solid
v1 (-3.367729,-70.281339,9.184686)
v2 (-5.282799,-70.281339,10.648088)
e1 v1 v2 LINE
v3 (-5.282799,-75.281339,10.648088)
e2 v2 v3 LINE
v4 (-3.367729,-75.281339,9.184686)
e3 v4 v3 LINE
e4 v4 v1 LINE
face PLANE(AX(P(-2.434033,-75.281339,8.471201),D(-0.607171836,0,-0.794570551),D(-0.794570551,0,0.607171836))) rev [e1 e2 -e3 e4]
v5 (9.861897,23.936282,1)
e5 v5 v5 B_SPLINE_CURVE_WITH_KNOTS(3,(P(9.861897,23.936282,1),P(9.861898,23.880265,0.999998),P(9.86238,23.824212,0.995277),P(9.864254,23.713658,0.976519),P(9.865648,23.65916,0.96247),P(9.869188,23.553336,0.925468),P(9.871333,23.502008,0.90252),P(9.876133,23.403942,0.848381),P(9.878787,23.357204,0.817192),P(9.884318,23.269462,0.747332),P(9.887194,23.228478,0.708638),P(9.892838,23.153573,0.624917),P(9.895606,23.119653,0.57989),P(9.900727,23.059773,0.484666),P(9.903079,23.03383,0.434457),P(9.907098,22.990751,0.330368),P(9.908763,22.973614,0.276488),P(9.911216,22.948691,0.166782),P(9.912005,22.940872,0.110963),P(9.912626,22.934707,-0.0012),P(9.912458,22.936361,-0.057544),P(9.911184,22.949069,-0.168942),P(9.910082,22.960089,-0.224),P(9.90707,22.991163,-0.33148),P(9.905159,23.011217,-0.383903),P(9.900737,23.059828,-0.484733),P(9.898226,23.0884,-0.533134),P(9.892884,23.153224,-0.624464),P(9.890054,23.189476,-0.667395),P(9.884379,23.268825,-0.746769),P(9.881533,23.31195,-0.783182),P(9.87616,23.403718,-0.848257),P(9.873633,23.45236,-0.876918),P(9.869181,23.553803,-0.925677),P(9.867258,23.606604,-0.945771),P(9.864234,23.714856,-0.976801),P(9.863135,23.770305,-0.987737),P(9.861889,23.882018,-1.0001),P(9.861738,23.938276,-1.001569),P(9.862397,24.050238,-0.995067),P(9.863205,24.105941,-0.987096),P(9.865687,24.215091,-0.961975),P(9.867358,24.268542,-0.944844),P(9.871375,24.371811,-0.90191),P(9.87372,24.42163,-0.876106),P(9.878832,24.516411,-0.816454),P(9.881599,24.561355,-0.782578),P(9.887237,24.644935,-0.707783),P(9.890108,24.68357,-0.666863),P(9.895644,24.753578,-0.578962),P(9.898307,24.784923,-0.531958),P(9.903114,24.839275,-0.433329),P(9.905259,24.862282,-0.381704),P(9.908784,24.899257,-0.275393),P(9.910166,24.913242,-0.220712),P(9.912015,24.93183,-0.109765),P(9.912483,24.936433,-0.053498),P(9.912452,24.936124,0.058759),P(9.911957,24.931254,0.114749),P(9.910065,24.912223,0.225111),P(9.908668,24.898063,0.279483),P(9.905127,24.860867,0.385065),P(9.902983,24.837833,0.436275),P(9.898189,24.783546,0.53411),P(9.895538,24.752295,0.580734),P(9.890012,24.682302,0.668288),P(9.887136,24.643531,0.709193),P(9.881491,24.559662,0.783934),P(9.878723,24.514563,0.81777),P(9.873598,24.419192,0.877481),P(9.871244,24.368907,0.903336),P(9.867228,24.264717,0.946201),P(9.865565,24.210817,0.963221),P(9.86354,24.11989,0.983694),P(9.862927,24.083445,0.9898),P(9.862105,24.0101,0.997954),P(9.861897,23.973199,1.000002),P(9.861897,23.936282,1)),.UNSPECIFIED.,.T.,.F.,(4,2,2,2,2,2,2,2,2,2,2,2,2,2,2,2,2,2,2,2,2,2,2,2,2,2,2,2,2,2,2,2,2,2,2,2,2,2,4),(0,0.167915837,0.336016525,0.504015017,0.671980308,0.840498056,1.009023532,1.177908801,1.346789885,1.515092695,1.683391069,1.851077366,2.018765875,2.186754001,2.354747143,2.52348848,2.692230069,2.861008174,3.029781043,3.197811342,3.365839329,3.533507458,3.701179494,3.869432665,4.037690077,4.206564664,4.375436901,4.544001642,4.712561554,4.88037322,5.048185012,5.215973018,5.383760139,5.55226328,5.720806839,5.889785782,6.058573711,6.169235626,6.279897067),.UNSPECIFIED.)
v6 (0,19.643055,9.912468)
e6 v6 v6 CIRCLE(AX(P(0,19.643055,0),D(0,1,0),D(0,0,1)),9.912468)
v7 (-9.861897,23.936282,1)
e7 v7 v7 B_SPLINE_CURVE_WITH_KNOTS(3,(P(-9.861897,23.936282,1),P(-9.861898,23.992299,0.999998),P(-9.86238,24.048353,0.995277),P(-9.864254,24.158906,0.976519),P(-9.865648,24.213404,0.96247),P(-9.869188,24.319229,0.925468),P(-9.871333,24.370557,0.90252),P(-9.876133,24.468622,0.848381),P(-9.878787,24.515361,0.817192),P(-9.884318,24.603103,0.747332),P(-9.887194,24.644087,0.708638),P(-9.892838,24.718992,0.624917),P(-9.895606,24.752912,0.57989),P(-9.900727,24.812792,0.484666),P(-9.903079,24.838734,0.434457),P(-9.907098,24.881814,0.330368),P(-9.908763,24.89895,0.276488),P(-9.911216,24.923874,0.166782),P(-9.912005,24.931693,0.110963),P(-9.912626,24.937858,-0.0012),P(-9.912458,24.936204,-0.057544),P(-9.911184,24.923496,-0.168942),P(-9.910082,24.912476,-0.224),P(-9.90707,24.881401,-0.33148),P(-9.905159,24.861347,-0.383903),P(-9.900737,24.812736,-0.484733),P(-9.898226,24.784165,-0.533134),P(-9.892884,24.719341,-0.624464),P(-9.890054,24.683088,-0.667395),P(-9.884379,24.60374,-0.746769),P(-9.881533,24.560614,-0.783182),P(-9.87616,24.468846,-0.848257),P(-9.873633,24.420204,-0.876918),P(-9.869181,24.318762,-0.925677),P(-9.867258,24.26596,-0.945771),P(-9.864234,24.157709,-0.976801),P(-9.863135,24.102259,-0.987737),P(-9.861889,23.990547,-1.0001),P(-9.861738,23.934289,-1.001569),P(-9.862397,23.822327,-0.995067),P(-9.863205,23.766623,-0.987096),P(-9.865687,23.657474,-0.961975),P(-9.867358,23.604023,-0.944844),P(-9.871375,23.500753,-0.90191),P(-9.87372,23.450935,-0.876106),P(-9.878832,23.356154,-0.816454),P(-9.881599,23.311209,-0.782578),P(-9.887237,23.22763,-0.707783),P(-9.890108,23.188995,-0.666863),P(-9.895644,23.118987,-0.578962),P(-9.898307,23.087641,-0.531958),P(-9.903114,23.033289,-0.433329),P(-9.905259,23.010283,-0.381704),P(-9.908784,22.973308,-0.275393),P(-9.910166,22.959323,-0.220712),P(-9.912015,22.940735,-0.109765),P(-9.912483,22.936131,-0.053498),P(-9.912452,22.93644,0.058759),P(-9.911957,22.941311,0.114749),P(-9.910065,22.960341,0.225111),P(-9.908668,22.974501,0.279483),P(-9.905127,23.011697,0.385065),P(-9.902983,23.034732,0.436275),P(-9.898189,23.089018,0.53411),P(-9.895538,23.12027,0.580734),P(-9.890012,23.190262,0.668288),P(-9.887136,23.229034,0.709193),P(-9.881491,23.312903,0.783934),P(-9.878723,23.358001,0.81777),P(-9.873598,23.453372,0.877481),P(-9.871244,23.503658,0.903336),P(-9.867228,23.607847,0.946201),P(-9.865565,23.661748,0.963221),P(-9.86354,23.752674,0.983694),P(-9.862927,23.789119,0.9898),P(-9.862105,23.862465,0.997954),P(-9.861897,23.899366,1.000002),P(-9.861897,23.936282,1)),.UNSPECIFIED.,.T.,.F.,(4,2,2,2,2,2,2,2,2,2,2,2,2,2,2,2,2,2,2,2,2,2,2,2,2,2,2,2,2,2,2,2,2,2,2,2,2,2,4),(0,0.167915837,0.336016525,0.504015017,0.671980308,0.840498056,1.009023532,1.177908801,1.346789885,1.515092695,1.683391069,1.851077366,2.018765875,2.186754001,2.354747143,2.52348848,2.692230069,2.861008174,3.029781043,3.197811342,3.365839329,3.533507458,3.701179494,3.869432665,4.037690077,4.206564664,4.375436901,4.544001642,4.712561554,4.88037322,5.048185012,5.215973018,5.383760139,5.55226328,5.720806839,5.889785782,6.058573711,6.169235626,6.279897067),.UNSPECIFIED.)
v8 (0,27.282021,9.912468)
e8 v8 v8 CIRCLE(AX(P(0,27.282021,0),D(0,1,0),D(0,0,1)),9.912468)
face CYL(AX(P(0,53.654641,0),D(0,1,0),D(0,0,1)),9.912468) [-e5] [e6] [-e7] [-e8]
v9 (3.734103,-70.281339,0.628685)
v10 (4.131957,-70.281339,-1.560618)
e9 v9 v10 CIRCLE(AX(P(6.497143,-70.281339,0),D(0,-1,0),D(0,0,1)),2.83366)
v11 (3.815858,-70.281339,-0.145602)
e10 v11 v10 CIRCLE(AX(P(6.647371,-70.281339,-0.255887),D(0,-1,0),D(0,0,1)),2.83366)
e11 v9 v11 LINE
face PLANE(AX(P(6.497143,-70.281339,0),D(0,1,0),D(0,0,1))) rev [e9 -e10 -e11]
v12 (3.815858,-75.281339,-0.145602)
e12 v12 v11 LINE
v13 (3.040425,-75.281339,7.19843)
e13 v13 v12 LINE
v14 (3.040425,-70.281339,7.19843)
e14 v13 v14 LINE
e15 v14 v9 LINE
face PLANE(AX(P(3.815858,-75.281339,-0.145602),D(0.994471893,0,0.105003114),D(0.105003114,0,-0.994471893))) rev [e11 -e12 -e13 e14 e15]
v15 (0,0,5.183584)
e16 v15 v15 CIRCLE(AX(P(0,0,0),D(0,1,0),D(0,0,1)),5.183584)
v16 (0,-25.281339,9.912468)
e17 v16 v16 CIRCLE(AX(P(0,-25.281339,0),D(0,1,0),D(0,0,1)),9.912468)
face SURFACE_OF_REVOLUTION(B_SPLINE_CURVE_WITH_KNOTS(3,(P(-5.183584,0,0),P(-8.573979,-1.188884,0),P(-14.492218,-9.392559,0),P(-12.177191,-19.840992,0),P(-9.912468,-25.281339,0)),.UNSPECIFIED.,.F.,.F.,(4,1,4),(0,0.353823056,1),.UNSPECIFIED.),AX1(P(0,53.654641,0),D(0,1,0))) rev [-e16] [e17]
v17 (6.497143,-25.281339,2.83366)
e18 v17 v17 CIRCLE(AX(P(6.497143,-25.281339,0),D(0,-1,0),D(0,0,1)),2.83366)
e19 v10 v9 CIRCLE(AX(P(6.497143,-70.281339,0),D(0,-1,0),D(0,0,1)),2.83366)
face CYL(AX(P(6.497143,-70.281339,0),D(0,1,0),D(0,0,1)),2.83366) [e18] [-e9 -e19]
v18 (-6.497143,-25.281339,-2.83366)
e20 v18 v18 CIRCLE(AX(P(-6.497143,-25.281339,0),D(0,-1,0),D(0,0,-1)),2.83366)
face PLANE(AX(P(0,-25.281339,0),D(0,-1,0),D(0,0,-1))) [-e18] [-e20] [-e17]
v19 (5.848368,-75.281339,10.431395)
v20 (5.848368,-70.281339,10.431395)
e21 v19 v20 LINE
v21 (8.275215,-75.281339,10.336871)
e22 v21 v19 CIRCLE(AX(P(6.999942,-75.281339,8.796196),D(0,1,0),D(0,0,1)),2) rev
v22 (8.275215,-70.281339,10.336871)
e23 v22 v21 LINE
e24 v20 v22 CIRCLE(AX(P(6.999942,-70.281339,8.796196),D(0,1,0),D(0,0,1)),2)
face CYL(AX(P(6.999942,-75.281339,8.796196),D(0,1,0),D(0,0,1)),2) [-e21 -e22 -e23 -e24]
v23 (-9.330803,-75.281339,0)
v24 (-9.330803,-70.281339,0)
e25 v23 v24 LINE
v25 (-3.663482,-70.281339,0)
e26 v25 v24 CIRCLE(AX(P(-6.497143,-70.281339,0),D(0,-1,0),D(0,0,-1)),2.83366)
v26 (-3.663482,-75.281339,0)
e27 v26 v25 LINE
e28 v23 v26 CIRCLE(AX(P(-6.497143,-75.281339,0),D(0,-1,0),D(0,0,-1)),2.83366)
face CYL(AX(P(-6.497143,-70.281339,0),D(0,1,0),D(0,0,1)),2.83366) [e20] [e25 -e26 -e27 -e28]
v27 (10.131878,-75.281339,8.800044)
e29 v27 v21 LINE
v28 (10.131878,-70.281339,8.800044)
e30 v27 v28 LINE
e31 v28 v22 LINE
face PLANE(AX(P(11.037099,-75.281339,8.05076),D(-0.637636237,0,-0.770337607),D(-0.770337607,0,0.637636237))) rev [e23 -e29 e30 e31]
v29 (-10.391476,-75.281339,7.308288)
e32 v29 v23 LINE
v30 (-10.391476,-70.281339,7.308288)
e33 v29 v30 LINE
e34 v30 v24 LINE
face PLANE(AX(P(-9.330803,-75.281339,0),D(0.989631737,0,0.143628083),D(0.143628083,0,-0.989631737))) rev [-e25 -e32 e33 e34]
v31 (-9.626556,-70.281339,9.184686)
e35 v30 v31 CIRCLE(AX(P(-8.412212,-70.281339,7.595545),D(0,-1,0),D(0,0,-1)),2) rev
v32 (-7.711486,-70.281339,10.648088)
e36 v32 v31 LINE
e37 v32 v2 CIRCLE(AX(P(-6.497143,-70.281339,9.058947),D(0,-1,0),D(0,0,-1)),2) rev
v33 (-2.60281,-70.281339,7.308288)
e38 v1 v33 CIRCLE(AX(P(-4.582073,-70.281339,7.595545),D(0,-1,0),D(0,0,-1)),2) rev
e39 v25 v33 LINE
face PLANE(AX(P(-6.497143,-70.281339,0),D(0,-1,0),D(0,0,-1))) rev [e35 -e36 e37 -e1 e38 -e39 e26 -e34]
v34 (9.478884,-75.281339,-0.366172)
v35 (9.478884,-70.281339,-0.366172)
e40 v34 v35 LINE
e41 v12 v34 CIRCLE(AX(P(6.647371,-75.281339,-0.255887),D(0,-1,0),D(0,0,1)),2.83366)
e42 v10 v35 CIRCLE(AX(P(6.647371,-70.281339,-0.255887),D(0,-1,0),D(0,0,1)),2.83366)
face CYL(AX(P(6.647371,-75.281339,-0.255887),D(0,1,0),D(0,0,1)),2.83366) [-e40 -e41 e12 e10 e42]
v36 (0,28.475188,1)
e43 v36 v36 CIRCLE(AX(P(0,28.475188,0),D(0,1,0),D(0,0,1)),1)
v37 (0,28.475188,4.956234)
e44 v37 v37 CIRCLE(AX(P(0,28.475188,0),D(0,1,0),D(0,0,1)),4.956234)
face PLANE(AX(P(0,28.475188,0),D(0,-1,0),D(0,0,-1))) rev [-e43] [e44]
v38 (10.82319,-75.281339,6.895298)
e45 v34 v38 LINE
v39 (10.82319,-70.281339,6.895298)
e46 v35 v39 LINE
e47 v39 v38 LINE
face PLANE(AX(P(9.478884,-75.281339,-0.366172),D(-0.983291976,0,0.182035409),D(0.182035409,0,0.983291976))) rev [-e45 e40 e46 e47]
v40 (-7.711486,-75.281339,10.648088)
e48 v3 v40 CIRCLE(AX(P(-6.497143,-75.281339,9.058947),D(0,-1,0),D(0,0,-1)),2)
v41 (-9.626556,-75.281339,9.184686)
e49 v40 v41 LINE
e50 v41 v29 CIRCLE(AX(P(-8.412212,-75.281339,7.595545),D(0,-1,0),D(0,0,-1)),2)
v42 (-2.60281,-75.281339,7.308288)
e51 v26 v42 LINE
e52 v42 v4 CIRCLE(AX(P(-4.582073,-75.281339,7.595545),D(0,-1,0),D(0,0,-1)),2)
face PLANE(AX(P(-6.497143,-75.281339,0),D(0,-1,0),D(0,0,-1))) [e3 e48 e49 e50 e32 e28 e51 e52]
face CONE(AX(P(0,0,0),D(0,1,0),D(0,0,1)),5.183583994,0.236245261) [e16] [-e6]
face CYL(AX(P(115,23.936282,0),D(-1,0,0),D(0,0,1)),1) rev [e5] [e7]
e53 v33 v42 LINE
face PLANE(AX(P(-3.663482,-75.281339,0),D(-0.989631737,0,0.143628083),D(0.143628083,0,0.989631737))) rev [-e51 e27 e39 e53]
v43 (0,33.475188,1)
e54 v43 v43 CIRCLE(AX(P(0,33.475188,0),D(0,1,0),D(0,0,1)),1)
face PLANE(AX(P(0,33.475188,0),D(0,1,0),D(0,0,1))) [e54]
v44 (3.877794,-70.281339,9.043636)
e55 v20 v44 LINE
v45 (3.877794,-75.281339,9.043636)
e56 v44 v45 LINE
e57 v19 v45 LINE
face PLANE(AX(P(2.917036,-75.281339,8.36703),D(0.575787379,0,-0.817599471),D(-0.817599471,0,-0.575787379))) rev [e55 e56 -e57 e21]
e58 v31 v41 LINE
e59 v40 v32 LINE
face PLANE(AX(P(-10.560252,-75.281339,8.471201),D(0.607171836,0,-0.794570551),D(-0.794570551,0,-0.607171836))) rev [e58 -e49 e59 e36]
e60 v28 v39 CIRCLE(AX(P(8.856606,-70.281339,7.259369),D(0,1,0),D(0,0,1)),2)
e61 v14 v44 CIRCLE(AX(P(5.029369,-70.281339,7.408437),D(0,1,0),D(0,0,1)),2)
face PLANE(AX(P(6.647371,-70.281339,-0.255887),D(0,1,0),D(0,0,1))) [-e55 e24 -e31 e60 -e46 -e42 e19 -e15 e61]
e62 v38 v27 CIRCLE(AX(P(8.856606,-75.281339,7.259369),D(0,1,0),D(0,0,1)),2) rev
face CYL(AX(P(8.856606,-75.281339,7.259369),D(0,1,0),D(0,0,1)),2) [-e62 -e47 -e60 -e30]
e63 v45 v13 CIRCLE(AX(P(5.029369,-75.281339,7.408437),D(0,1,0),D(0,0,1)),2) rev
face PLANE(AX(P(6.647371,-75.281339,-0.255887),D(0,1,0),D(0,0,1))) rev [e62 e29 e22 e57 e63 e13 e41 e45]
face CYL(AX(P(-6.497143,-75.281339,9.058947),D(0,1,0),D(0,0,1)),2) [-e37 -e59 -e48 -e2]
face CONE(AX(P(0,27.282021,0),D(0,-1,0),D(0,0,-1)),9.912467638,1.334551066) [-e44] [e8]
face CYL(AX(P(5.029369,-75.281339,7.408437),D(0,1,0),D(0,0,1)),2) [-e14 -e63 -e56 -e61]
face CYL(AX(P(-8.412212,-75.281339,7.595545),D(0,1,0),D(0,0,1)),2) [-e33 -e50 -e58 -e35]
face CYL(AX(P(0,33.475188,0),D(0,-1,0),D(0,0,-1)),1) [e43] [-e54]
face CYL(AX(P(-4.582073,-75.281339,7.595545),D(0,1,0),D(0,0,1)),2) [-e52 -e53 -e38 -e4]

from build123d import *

# Parameters (mm, degrees)
SKETCH2_R               = 2.83366024
BOSS_EXTRUDE1_DEPTH     = 45
BOSS_EXTRUDE2_DEPTH     = 5
FILLET1_R               = 2
FILLET2_R               = 2
CUT_EXTRUDE2_DEPTH      = 115
CUT_EXTRUDE2_DEPTH_BACK = 96
SKETCH5_R               = 1
SKETCH7_R               = 1
BOSS_EXTRUDE3_DEPTH     = 5


with BuildPart() as part:
    # Sketch1 → Revolve7 (revolve)
    with BuildSketch(Plane.XY, mode=Mode.PRIVATE) as revolve7_sk:
        Polygon((0, 0), (0, 28.475188422), (-4.956233819, 28.475188422), (-9.912467638, 27.282021021), (-9.912467638, 19.643055135), (-5.183583994, 0), align=None)
        with BuildLine():
            Line((0, -25.281339493), (0, 0))
            Line((0, 0), (-5.183583994, 0))
            add(Edge.make_bspline(
                [(-5.183583994, 0), (-8.573978987, -1.188883935), (-14.492218072, -9.39255897), (-12.177190855, -19.84099189), (-9.91246763, -25.281339493)],
                knots=[0, 0, 0, 0, 0.353823056, 1, 1, 1, 1], degree=3))
            Line((-9.91246763, -25.281339493), (-4.956233811, -25.281339493))
            Line((-4.956233811, -25.281339493), (0, -25.281339493))
        make_face()
    revolve(revolve7_sk.sketch.rotate(Axis((0, 53.654641341, 0), (0, -1, 0)), 270), axis=Axis((0, 53.654641341, 0), (0, -1, 0)))

    # Sketch2 → Boss-Extrude1 (add)
    with BuildSketch(Plane.XZ.offset(25.281339493)):
        with Locations(Location((-6.497142555, 0, 0), (0, 0, 90))):
            Circle(SKETCH2_R)
        with Locations(Location((6.497142555, 0, 0), (0, 0, 90))):
            Circle(SKETCH2_R)
    extrude(amount=BOSS_EXTRUDE1_DEPTH)

    # Sketch3 → Boss-Extrude2 (add)
    with BuildSketch(Plane.XZ.offset(70.281339493)):
        with BuildLine():
            Line((-9.330802795, 0), (-10.560252354, 8.471200618))
            Line((-10.560252354, 8.471200618), (-6.497142555, 11.576029804))
            Line((-6.497142555, 11.576029804), (-2.434032757, 8.471200618))
            Line((-2.434032757, 8.471200618), (-3.663482316, 0))
            ThreePointArc((-3.663482316, 0), (-6.497142555, -2.83366024), (-9.330802795, 0))
        make_face()
        with BuildLine():
            Line((2.917036225, 8.367030218), (7.097906526, 11.311372086))
            Line((7.097906526, 11.311372086), (11.03709893, 8.050760378))
            Line((11.03709893, 8.050760378), (9.478884483, -0.366172191))
            ThreePointArc((9.478884483, -0.366172191), (6.537086047, -3.087400346), (3.815857893, -0.14560191))
            Line((3.815857893, -0.14560191), (2.917036225, 8.367030218))
        make_face()
    extrude(amount=BOSS_EXTRUDE2_DEPTH)

    # Fillet1
    fillet1_edges = [part.edges().sort_by_distance(p)[0] for p in [
        (-6.497142555, -72.781339493, 11.576029804),
        (7.097906526, -72.781339493, 11.311372086),
    ]]
    fillet(fillet1_edges, radius=FILLET1_R)

    # Fillet2
    fillet2_edges = [part.edges().sort_by_distance(p)[0] for p in [
        (-2.434032757, -72.781339493, 8.471200618),
        (-10.560252354, -72.781339493, 8.471200618),
        (11.03709893, -72.781339493, 8.050760378),
        (2.917036225, -72.781339493, 8.367030218),
    ]]
    fillet(fillet2_edges, radius=FILLET2_R)

    # Sketch5 → Cut-Extrude2 (cut, two sides: drawn at the far end of the back side and taken through both)
    with BuildSketch(Plane(origin=(0, 0, 0), x_dir=(0, 0, -1), z_dir=(1, 0, 0)).offset(-CUT_EXTRUDE2_DEPTH_BACK)):
        with Locations(Location((0, 23.936282306, 0), (0, 0, 180))):
            Circle(SKETCH5_R)
    extrude(amount=CUT_EXTRUDE2_DEPTH + CUT_EXTRUDE2_DEPTH_BACK, mode=Mode.SUBTRACT)

    # Sketch7 → Boss-Extrude3 (add)
    with BuildSketch(Plane(origin=(0, 28.475188422, 0), x_dir=(1, 0, 0), z_dir=(0, 1, 0))):
        with Locations(Location((0, 0, 0), (0, 0, 270))):
            Circle(SKETCH7_R)
    extrude(amount=BOSS_EXTRUDE3_DEPTH)


solid = part.part
